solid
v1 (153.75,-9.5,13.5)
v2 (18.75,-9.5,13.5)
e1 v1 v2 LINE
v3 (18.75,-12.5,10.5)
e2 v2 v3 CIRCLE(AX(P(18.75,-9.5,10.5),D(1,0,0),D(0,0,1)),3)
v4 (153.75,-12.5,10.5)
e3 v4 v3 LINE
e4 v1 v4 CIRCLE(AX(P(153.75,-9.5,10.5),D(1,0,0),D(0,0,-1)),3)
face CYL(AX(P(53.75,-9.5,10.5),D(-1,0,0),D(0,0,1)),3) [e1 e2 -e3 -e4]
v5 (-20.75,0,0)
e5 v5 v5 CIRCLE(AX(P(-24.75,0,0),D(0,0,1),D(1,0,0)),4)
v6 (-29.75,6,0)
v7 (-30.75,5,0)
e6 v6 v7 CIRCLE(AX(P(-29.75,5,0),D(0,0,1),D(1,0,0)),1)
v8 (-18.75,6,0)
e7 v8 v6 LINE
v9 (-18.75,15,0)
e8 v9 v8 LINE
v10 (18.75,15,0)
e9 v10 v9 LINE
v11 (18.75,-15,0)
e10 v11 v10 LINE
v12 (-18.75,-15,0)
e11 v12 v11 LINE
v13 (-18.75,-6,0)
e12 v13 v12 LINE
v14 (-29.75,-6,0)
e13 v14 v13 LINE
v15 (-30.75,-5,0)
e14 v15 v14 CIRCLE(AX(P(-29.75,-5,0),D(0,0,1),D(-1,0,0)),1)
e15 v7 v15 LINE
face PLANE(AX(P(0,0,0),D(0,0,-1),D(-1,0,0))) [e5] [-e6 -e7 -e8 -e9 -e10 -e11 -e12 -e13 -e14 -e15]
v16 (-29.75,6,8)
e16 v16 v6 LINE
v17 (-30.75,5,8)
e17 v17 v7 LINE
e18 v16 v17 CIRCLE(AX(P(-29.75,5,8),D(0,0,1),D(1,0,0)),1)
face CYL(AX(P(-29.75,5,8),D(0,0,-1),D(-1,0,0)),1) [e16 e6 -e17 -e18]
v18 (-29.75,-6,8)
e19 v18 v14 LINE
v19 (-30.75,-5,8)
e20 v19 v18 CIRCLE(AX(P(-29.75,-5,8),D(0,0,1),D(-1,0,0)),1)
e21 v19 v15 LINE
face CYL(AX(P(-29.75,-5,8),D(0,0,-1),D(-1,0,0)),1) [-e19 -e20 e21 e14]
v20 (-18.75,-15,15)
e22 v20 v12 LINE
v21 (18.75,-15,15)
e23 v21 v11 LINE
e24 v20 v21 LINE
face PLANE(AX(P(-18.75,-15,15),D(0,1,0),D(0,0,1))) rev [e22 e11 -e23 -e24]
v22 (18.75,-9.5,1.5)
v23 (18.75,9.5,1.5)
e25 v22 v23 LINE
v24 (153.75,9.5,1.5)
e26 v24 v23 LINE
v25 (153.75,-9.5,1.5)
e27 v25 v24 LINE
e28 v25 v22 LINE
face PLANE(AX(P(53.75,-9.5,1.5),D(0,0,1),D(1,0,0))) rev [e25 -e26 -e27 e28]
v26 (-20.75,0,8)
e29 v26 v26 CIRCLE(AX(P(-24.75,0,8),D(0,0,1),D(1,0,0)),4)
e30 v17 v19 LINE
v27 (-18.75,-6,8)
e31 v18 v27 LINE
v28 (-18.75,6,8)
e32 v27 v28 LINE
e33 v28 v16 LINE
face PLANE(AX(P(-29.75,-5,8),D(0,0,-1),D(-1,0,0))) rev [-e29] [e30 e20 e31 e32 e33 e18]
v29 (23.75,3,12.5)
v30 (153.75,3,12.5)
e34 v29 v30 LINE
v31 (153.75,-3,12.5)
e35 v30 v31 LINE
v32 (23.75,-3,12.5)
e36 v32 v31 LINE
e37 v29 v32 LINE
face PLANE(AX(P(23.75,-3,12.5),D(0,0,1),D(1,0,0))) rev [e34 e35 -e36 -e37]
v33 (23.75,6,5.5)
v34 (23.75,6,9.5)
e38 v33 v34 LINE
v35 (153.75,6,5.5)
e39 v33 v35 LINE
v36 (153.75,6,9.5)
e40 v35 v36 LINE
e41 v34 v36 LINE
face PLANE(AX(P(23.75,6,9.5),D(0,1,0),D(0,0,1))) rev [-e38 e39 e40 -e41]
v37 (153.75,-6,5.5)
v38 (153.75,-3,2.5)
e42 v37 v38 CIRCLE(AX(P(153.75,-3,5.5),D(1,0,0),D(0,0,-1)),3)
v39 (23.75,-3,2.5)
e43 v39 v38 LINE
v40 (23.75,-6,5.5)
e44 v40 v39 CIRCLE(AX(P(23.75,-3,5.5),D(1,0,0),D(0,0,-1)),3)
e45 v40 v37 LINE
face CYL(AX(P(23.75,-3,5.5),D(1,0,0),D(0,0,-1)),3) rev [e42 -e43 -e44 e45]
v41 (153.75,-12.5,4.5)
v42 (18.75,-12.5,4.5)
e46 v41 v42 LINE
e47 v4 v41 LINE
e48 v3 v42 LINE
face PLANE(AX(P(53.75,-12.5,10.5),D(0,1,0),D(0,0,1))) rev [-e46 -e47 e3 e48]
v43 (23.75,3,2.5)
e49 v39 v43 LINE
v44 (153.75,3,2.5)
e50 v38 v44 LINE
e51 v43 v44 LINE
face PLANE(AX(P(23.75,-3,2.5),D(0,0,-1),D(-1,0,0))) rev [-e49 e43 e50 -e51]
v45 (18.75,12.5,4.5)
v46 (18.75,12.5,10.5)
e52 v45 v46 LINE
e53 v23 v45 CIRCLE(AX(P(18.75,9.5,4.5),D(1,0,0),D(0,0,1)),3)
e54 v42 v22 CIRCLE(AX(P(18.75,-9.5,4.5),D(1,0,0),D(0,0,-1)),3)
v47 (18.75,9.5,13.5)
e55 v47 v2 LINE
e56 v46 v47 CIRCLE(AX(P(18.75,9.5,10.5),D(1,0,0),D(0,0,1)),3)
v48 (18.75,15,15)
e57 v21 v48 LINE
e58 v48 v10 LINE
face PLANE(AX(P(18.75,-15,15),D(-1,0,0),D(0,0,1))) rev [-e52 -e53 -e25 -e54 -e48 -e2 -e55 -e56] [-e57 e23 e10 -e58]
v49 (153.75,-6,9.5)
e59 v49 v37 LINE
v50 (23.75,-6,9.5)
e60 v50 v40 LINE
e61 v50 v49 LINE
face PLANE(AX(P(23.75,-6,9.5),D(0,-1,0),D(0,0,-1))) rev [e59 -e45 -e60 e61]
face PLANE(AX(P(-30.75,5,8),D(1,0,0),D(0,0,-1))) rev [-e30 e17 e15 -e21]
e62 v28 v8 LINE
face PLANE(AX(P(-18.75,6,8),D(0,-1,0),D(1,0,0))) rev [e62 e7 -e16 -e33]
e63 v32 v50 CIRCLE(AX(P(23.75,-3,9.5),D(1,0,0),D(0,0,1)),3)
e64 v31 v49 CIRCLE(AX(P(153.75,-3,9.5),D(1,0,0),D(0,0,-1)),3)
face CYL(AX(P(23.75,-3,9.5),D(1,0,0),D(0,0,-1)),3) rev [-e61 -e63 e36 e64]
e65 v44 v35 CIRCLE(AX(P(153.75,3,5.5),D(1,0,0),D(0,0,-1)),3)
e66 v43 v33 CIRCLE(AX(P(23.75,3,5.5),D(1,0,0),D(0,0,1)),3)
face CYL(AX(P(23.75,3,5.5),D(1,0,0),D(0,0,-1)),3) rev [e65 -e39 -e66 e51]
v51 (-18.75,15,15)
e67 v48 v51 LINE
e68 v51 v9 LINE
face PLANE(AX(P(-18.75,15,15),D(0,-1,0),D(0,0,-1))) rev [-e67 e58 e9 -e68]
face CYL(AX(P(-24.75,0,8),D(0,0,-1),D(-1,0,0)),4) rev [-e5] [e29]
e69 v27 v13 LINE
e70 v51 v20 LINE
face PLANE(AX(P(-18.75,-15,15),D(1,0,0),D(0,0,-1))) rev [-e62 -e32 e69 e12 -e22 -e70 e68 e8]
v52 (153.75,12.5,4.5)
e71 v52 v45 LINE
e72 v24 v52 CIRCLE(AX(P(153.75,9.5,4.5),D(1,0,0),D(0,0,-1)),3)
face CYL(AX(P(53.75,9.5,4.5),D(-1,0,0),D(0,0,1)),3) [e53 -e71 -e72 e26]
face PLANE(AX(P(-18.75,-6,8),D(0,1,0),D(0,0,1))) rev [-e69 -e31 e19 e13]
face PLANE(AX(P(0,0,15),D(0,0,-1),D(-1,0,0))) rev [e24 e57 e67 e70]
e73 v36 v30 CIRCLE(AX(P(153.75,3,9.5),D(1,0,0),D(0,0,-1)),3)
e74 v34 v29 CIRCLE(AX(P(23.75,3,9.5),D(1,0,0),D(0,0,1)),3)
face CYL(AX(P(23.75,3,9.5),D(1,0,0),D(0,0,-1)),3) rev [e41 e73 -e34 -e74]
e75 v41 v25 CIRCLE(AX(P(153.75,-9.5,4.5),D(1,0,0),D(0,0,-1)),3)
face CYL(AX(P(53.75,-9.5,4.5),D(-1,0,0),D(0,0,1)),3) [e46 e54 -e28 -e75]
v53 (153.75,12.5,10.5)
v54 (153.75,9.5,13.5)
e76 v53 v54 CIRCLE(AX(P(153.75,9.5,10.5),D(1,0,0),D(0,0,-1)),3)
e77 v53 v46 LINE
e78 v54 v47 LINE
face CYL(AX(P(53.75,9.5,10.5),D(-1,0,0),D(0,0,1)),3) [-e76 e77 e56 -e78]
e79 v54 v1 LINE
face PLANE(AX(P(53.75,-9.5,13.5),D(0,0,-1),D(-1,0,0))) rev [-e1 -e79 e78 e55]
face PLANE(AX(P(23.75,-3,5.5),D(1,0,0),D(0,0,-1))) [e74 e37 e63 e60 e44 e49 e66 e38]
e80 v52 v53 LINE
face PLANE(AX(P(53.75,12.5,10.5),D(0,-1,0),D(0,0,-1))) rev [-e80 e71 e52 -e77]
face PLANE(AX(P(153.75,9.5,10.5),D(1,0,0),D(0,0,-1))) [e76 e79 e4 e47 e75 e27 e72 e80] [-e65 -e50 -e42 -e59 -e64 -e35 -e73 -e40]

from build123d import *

# Parameters (mm, degrees)
CROQUIS1_W              = 37.5
CROQUIS1_H              = 30
SALIENTE_EXTRUIR1_DEPTH = 15
CROQUIS2_R              = 4
SALIENTE_EXTRUIR2_DEPTH = 8
SALIENTE_EXTRUIR3_DEPTH = 35
CROQUIS5_W              = 18
CROQUIS5_H              = 12
CROQUIS5_R              = 4.5
SALIENTE_EXTRUIR4_DEPTH = 5
CROQUIS6_W              = 1
CROQUIS6_H              = 12
CORTAR_EXTRUIR2_DEPTH   = 14
CROQUIS7_W              = 58.738074731
CROQUIS7_H              = 36.211204921
CORTAR_EXTRUIR4_DEPTH   = 75.820201149
CORTAR_EXTRUIR5_DEPTH   = 30
SALIENTE_EXTRUIR5_DEPTH = 100


with BuildPart() as part:
    # Croquis1 → Saliente-Extruir1 (new body)
    with BuildSketch(Plane.XY):
        Rectangle(CROQUIS1_W, CROQUIS1_H)
    extrude(amount=SALIENTE_EXTRUIR1_DEPTH)

    # Croquis2 → Saliente-Extruir2 (add)
    with BuildSketch(Plane.XY):
        with BuildLine():
            Line((-18.75, 6), (-29.75, 6))
            ThreePointArc((-29.75, 6), (-30.457106781, 5.707106781), (-30.75, 5))
            Line((-30.75, 5), (-30.75, -5))
            ThreePointArc((-30.75, -5), (-30.457106781, -5.707106781), (-29.75, -6))
            Line((-29.75, -6), (-18.75, -6))
            Line((-18.75, -6), (-18.75, 6))
        make_face()
        with Locations((-24.75, 0)):
            Circle(CROQUIS2_R, mode=Mode.SUBTRACT)
    extrude(amount=SALIENTE_EXTRUIR2_DEPTH)

    # Croquis3 → Saliente-Extruir3 (add)
    with BuildSketch(Plane(origin=(18.75, 0, 0), x_dir=(0, 0, -1), z_dir=(1, 0, 0))):
        with BuildLine():
            Line((-10.5, -12.5), (-4.5, -12.5))
            ThreePointArc((-4.5, -12.5), (-2.378679656, -11.621320344), (-1.5, -9.5))
            Line((-1.5, -9.5), (-1.5, 9.5))
            ThreePointArc((-1.5, 9.5), (-2.378679656, 11.621320344), (-4.5, 12.5))
            Line((-4.5, 12.5), (-10.5, 12.5))
            ThreePointArc((-10.5, 12.5), (-12.621320344, 11.621320344), (-13.5, 9.5))
            Line((-13.5, 9.5), (-13.5, -9.5))
            ThreePointArc((-13.5, -9.5), (-12.621320344, -11.621320344), (-10.5, -12.5))
        make_face()
    extrude(amount=SALIENTE_EXTRUIR3_DEPTH)

    # Croquis5 → Saliente-Extruir4 (add, symmetric)
    with BuildSketch(Plane.XY.offset(7.5)):
        with Locations((62.75, 0)):
            Rectangle(CROQUIS5_W, CROQUIS5_H)
        with Locations((62.75, 0)):
            Circle(CROQUIS5_R, mode=Mode.SUBTRACT)
    extrude(amount=SALIENTE_EXTRUIR4_DEPTH, both=True)

    # Croquis6 → Cortar-Extruir2 (cut)
    with BuildSketch(Plane(origin=(71.75, 0, 0), x_dir=(0, 0, -1), z_dir=(1, 0, 0))):
        with Locations((-12, 0)):
            Rectangle(CROQUIS6_W, CROQUIS6_H)
        with Locations((-3, 0)):
            Rectangle(CROQUIS6_W, CROQUIS6_H)
    extrude(amount=-CORTAR_EXTRUIR2_DEPTH, mode=Mode.SUBTRACT)

    # Croquis7 → Cortar-Extruir4 (cut, through all)
    with BuildSketch(Plane.XY.offset(15)):
        with Locations((83.119037366, -6.200481031)):
            Rectangle(CROQUIS7_W, CROQUIS7_H)
    extrude(amount=-CORTAR_EXTRUIR4_DEPTH, mode=Mode.SUBTRACT)

    # Croquis8 → Cortar-Extruir5 (cut)
    with BuildSketch(Plane(origin=(53.75, 0, 0), x_dir=(0, 0, -1), z_dir=(1, 0, 0))):
        with BuildLine():
            Line((-9.5, -6), (-5.5, -6))
            ThreePointArc((-5.5, -6), (-3.378679656, -5.121320344), (-2.5, -3))
            Line((-2.5, -3), (-2.5, 3))
            ThreePointArc((-2.5, 3), (-3.378679656, 5.121320344), (-5.5, 6))
            Line((-5.5, 6), (-9.5, 6))
            ThreePointArc((-9.5, 6), (-11.621320344, 5.121320344), (-12.5, 3))
            Line((-12.5, 3), (-12.5, -3))
            ThreePointArc((-12.5, -3), (-11.621320344, -5.121320344), (-9.5, -6))
        make_face()
    extrude(amount=-CORTAR_EXTRUIR5_DEPTH, mode=Mode.SUBTRACT)

    # Croquis10 → Saliente-Extruir5 (add)
    with BuildSketch(Plane(origin=(53.75, 0, 0), x_dir=(0, 0, -1), z_dir=(1, 0, 0))):
        with BuildLine():
            Line((-13.5, 9.5), (-13.5, -9.5))
            ThreePointArc((-13.5, -9.5), (-12.621320344, -11.621320344), (-10.5, -12.5))
            Line((-10.5, -12.5), (-4.5, -12.5))
            ThreePointArc((-4.5, -12.5), (-2.378679656, -11.621320344), (-1.5, -9.5))
            Line((-1.5, -9.5), (-1.5, 9.5))
            ThreePointArc((-1.5, 9.5), (-2.378679656, 11.621320344), (-4.5, 12.5))
            Line((-4.5, 12.5), (-10.5, 12.5))
            ThreePointArc((-10.5, 12.5), (-12.621320344, 11.621320344), (-13.5, 9.5))
        make_face()
        with BuildLine():
            Line((-2.5, -3), (-2.5, 3))
            ThreePointArc((-2.5, 3), (-3.378679656, 5.121320344), (-5.5, 6))
            Line((-5.5, 6), (-9.5, 6))
            ThreePointArc((-9.5, 6), (-11.621320344, 5.121320344), (-12.5, 3))
            Line((-12.5, 3), (-12.5, -3))
            ThreePointArc((-12.5, -3), (-11.621320344, -5.121320344), (-9.5, -6))
            Line((-9.5, -6), (-5.5, -6))
            ThreePointArc((-5.5, -6), (-3.378679656, -5.121320344), (-2.5, -3))
        make_face(mode=Mode.SUBTRACT)
    extrude(amount=SALIENTE_EXTRUIR5_DEPTH)


solid = part.part
